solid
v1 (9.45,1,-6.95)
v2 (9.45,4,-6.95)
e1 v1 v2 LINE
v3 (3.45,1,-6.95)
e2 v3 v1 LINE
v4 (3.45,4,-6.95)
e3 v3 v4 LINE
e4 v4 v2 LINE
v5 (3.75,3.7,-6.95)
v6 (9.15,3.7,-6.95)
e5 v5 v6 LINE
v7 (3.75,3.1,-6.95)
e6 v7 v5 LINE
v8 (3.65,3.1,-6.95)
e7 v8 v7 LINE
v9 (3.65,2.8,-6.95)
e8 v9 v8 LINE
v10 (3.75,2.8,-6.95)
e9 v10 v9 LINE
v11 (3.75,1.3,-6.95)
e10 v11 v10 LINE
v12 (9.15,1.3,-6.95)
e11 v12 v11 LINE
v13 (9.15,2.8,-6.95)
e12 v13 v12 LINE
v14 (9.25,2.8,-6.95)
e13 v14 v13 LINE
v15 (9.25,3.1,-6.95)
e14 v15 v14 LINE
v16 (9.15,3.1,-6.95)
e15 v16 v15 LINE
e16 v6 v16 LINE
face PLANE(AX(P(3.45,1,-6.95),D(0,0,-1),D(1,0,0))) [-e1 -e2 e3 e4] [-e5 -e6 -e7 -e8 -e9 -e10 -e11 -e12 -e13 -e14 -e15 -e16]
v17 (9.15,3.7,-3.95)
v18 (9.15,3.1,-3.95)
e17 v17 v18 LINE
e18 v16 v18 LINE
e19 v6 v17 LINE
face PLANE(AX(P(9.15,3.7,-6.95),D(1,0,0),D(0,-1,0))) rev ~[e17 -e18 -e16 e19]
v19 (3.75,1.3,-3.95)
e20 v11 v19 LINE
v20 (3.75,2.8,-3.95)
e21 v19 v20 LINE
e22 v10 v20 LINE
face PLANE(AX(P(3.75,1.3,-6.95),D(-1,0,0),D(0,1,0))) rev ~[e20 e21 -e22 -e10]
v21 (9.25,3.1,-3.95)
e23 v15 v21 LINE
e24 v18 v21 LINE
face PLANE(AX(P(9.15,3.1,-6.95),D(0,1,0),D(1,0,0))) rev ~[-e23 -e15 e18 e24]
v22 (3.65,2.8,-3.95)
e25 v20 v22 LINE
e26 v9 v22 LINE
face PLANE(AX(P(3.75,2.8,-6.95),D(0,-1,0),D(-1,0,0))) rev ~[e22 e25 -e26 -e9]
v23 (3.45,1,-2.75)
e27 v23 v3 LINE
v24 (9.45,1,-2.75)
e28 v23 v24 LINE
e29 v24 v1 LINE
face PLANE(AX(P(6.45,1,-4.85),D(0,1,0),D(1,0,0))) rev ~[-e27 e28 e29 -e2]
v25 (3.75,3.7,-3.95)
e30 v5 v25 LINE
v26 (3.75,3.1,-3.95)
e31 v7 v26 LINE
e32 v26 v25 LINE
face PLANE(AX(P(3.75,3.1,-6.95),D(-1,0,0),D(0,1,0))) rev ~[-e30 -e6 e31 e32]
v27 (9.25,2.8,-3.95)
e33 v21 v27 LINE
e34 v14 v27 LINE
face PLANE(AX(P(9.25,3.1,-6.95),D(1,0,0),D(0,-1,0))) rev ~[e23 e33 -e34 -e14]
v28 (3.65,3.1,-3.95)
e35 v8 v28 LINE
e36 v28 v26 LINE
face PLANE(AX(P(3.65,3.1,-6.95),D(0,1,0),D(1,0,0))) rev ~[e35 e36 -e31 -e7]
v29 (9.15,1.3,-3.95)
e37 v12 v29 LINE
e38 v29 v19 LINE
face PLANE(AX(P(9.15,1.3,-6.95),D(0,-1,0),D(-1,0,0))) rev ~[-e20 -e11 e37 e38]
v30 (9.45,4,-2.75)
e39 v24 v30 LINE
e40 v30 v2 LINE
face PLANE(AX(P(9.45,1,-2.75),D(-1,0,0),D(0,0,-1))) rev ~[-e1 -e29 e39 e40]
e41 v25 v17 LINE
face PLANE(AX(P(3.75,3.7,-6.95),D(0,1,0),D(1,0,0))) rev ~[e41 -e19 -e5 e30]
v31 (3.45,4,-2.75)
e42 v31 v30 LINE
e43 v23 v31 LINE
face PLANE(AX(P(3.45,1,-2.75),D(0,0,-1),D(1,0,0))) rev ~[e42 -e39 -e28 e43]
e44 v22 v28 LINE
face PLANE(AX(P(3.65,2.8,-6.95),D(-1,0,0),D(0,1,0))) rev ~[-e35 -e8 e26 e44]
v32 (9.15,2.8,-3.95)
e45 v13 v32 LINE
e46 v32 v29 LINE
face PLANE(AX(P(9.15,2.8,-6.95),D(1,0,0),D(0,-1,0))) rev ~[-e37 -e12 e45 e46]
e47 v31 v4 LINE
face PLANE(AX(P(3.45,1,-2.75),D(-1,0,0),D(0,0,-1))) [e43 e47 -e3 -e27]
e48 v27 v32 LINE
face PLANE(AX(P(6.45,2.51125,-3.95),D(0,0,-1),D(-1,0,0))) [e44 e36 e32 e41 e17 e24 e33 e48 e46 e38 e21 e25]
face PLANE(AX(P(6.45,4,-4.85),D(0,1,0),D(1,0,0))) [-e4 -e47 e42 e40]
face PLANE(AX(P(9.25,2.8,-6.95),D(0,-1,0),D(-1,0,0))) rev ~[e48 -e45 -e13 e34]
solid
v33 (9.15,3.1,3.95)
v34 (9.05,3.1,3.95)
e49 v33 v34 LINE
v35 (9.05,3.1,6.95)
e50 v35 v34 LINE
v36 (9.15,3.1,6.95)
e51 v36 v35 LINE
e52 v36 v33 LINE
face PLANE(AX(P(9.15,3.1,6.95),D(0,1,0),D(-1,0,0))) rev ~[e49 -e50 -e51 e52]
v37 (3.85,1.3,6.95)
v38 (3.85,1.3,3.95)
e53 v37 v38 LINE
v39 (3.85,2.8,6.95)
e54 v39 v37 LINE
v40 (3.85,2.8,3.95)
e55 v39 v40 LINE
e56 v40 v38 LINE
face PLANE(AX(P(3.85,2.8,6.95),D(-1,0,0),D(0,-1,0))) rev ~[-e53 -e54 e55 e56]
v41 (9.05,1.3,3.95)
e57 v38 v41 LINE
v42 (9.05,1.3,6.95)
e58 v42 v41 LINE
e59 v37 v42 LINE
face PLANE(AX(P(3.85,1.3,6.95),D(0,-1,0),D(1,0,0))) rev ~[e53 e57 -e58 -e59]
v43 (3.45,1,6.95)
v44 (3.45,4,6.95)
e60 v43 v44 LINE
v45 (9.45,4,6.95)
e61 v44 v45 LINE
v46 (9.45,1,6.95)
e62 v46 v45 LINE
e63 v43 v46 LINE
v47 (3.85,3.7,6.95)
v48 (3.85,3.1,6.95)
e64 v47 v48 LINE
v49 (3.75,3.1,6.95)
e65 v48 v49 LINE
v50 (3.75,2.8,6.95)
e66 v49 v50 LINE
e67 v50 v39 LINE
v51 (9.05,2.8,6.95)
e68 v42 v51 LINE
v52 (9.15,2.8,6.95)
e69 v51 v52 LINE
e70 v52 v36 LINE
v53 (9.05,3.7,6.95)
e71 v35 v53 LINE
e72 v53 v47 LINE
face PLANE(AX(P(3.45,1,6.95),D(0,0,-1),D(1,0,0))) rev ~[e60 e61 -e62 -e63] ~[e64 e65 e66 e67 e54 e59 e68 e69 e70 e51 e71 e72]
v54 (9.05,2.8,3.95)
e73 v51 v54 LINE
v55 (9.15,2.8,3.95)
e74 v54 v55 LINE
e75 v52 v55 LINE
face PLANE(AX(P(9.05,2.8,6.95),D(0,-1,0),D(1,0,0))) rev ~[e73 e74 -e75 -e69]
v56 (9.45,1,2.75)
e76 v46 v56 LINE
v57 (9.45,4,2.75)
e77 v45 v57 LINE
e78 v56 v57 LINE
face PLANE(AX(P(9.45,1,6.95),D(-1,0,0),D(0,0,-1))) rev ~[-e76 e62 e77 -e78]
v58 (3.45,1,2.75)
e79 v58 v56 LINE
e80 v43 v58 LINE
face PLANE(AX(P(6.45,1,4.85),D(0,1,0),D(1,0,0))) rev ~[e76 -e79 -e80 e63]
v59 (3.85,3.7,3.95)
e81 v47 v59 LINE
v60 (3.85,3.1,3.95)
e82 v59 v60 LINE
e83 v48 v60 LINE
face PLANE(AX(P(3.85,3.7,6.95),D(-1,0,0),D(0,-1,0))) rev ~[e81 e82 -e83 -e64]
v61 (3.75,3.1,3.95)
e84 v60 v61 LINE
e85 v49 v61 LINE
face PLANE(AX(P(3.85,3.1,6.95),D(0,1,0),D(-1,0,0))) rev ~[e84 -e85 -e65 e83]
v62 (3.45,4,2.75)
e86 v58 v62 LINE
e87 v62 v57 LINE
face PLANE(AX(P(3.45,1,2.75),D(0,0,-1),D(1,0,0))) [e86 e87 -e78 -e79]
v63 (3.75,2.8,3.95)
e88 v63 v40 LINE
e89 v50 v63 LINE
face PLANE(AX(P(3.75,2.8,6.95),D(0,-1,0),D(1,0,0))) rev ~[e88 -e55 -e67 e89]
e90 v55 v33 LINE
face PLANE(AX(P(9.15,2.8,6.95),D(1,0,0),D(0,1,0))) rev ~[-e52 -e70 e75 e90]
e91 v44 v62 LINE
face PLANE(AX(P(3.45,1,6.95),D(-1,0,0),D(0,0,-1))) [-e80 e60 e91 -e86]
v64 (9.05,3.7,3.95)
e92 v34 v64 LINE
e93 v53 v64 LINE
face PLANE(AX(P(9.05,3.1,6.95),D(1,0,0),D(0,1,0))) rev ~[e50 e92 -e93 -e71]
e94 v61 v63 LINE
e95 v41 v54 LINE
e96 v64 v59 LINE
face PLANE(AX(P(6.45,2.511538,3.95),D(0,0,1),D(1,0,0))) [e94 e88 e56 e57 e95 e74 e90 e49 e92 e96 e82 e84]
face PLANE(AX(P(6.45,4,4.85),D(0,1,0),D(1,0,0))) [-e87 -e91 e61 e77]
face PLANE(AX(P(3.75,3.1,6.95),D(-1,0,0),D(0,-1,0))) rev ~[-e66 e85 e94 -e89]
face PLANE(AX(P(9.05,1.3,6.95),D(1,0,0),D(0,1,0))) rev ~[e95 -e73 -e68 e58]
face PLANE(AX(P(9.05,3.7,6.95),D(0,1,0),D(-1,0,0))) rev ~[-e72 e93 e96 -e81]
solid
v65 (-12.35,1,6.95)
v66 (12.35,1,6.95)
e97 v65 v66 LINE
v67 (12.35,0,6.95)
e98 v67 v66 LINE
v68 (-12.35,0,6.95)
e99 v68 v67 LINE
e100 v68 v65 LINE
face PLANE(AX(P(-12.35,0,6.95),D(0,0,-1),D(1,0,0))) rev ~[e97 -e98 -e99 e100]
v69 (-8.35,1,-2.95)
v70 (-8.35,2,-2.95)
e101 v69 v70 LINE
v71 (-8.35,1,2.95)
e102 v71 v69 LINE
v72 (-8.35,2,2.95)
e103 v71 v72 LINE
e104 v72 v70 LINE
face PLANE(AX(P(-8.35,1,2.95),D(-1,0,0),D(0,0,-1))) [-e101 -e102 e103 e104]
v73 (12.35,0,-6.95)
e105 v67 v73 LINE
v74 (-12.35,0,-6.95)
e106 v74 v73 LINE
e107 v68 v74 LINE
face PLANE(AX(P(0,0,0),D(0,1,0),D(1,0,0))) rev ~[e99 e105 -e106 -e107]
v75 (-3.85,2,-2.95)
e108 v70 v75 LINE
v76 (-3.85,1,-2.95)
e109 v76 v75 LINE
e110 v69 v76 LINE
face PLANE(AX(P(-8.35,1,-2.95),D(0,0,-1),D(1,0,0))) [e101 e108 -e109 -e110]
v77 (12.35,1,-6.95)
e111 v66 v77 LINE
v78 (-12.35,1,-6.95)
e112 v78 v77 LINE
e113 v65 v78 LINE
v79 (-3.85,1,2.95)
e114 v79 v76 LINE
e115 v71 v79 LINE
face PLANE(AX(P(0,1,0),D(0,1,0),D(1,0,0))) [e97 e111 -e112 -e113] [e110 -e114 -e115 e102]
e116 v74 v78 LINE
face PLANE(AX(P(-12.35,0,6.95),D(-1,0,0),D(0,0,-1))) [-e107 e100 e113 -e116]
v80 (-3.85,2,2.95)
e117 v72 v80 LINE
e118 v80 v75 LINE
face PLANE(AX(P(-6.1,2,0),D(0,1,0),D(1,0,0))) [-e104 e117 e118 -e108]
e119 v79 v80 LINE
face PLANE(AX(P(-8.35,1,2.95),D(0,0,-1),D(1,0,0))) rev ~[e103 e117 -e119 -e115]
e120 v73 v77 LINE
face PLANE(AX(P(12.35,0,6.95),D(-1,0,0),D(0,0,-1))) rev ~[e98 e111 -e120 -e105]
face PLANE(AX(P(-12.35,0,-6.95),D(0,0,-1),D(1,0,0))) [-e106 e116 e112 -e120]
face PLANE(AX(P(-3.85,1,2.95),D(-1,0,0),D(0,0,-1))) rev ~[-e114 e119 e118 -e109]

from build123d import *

# Parameters (mm, degrees)
SKETCH1_W             = 24.7
SKETCH1_H             = 13.9
BOSS_EXTRUDE1_DEPTH   = 1
SKETCH2_W             = 6
SKETCH2_H             = 4.2
BOSS_EXTRUDE2_DEPTH   = 3
BOSS_EXTRUDE2_2_DEPTH = 3
CUT_EXTRUDE1_DEPTH    = 3
CUT_EXTRUDE2_DEPTH    = 3
SKETCH6_W             = 4.5
SKETCH6_H             = 5.9
BOSS_EXTRUDE3_DEPTH   = 1


with BuildPart() as part:
    # Sketch1 → Boss-Extrude1 (new body)
    with BuildSketch(Plane(origin=(0, 0, 0), x_dir=(1, 0, 0), z_dir=(0, 1, 0))):
        Rectangle(SKETCH1_W, SKETCH1_H)
    extrude(amount=BOSS_EXTRUDE1_DEPTH)

    # Sketch6 → Boss-Extrude3 (add)
    with BuildSketch(Plane(origin=(0, 1, 0), x_dir=(1, 0, 0), z_dir=(0, 1, 0))):
        with Locations((-6.1, 0)):
            Rectangle(SKETCH6_W, SKETCH6_H)
    extrude(amount=BOSS_EXTRUDE3_DEPTH)


with BuildPart() as body_2:
    # Sketch2 → Boss-Extrude2 (new body)
    with BuildSketch(Plane(origin=(0, 1, 0), x_dir=(1, 0, 0), z_dir=(0, 1, 0))):
        with Locations((6.45, -4.85)):
            Rectangle(SKETCH2_W, SKETCH2_H)
    extrude(amount=BOSS_EXTRUDE2_DEPTH)

    # Sketch3 → Cut-Extrude1 (cut)
    with BuildSketch(Plane.XY.offset(6.95)):
        Polygon((3.85, 3.7), (3.85, 3.1), (3.75, 3.1), (3.75, 2.8), (3.85, 2.8), (3.85, 1.3), (9.05, 1.3), (9.05, 2.8), (9.15, 2.8), (9.15, 3.1), (9.05, 3.1), (9.05, 3.7), align=None)
    extrude(amount=-CUT_EXTRUDE1_DEPTH, mode=Mode.SUBTRACT)


with BuildPart() as body_3:
    # Sketch2 → Boss-Extrude2 2 (new body)
    with BuildSketch(Plane(origin=(0, 1, 0), x_dir=(1, 0, 0), z_dir=(0, 1, 0))):
        with Locations((6.45, 4.85)):
            Rectangle(SKETCH2_W, SKETCH2_H)
    extrude(amount=BOSS_EXTRUDE2_2_DEPTH)

    # Sketch5 → Cut-Extrude2 (cut)
    with BuildSketch(Plane(origin=(0, 0, -6.95), x_dir=(-1, 0, 0), z_dir=(0, 0, -1))):
        Polygon((-9.15, 3.7), (-9.15, 3.1), (-9.25, 3.1), (-9.25, 2.8), (-9.15, 2.8), (-9.15, 1.3), (-3.75, 1.3), (-3.75, 2.8), (-3.65, 2.8), (-3.65, 3.1), (-3.75, 3.1), (-3.75, 3.7), align=None)
    extrude(amount=-CUT_EXTRUDE2_DEPTH, mode=Mode.SUBTRACT)


solid = Compound([part.part, body_2.part, body_3.part])
